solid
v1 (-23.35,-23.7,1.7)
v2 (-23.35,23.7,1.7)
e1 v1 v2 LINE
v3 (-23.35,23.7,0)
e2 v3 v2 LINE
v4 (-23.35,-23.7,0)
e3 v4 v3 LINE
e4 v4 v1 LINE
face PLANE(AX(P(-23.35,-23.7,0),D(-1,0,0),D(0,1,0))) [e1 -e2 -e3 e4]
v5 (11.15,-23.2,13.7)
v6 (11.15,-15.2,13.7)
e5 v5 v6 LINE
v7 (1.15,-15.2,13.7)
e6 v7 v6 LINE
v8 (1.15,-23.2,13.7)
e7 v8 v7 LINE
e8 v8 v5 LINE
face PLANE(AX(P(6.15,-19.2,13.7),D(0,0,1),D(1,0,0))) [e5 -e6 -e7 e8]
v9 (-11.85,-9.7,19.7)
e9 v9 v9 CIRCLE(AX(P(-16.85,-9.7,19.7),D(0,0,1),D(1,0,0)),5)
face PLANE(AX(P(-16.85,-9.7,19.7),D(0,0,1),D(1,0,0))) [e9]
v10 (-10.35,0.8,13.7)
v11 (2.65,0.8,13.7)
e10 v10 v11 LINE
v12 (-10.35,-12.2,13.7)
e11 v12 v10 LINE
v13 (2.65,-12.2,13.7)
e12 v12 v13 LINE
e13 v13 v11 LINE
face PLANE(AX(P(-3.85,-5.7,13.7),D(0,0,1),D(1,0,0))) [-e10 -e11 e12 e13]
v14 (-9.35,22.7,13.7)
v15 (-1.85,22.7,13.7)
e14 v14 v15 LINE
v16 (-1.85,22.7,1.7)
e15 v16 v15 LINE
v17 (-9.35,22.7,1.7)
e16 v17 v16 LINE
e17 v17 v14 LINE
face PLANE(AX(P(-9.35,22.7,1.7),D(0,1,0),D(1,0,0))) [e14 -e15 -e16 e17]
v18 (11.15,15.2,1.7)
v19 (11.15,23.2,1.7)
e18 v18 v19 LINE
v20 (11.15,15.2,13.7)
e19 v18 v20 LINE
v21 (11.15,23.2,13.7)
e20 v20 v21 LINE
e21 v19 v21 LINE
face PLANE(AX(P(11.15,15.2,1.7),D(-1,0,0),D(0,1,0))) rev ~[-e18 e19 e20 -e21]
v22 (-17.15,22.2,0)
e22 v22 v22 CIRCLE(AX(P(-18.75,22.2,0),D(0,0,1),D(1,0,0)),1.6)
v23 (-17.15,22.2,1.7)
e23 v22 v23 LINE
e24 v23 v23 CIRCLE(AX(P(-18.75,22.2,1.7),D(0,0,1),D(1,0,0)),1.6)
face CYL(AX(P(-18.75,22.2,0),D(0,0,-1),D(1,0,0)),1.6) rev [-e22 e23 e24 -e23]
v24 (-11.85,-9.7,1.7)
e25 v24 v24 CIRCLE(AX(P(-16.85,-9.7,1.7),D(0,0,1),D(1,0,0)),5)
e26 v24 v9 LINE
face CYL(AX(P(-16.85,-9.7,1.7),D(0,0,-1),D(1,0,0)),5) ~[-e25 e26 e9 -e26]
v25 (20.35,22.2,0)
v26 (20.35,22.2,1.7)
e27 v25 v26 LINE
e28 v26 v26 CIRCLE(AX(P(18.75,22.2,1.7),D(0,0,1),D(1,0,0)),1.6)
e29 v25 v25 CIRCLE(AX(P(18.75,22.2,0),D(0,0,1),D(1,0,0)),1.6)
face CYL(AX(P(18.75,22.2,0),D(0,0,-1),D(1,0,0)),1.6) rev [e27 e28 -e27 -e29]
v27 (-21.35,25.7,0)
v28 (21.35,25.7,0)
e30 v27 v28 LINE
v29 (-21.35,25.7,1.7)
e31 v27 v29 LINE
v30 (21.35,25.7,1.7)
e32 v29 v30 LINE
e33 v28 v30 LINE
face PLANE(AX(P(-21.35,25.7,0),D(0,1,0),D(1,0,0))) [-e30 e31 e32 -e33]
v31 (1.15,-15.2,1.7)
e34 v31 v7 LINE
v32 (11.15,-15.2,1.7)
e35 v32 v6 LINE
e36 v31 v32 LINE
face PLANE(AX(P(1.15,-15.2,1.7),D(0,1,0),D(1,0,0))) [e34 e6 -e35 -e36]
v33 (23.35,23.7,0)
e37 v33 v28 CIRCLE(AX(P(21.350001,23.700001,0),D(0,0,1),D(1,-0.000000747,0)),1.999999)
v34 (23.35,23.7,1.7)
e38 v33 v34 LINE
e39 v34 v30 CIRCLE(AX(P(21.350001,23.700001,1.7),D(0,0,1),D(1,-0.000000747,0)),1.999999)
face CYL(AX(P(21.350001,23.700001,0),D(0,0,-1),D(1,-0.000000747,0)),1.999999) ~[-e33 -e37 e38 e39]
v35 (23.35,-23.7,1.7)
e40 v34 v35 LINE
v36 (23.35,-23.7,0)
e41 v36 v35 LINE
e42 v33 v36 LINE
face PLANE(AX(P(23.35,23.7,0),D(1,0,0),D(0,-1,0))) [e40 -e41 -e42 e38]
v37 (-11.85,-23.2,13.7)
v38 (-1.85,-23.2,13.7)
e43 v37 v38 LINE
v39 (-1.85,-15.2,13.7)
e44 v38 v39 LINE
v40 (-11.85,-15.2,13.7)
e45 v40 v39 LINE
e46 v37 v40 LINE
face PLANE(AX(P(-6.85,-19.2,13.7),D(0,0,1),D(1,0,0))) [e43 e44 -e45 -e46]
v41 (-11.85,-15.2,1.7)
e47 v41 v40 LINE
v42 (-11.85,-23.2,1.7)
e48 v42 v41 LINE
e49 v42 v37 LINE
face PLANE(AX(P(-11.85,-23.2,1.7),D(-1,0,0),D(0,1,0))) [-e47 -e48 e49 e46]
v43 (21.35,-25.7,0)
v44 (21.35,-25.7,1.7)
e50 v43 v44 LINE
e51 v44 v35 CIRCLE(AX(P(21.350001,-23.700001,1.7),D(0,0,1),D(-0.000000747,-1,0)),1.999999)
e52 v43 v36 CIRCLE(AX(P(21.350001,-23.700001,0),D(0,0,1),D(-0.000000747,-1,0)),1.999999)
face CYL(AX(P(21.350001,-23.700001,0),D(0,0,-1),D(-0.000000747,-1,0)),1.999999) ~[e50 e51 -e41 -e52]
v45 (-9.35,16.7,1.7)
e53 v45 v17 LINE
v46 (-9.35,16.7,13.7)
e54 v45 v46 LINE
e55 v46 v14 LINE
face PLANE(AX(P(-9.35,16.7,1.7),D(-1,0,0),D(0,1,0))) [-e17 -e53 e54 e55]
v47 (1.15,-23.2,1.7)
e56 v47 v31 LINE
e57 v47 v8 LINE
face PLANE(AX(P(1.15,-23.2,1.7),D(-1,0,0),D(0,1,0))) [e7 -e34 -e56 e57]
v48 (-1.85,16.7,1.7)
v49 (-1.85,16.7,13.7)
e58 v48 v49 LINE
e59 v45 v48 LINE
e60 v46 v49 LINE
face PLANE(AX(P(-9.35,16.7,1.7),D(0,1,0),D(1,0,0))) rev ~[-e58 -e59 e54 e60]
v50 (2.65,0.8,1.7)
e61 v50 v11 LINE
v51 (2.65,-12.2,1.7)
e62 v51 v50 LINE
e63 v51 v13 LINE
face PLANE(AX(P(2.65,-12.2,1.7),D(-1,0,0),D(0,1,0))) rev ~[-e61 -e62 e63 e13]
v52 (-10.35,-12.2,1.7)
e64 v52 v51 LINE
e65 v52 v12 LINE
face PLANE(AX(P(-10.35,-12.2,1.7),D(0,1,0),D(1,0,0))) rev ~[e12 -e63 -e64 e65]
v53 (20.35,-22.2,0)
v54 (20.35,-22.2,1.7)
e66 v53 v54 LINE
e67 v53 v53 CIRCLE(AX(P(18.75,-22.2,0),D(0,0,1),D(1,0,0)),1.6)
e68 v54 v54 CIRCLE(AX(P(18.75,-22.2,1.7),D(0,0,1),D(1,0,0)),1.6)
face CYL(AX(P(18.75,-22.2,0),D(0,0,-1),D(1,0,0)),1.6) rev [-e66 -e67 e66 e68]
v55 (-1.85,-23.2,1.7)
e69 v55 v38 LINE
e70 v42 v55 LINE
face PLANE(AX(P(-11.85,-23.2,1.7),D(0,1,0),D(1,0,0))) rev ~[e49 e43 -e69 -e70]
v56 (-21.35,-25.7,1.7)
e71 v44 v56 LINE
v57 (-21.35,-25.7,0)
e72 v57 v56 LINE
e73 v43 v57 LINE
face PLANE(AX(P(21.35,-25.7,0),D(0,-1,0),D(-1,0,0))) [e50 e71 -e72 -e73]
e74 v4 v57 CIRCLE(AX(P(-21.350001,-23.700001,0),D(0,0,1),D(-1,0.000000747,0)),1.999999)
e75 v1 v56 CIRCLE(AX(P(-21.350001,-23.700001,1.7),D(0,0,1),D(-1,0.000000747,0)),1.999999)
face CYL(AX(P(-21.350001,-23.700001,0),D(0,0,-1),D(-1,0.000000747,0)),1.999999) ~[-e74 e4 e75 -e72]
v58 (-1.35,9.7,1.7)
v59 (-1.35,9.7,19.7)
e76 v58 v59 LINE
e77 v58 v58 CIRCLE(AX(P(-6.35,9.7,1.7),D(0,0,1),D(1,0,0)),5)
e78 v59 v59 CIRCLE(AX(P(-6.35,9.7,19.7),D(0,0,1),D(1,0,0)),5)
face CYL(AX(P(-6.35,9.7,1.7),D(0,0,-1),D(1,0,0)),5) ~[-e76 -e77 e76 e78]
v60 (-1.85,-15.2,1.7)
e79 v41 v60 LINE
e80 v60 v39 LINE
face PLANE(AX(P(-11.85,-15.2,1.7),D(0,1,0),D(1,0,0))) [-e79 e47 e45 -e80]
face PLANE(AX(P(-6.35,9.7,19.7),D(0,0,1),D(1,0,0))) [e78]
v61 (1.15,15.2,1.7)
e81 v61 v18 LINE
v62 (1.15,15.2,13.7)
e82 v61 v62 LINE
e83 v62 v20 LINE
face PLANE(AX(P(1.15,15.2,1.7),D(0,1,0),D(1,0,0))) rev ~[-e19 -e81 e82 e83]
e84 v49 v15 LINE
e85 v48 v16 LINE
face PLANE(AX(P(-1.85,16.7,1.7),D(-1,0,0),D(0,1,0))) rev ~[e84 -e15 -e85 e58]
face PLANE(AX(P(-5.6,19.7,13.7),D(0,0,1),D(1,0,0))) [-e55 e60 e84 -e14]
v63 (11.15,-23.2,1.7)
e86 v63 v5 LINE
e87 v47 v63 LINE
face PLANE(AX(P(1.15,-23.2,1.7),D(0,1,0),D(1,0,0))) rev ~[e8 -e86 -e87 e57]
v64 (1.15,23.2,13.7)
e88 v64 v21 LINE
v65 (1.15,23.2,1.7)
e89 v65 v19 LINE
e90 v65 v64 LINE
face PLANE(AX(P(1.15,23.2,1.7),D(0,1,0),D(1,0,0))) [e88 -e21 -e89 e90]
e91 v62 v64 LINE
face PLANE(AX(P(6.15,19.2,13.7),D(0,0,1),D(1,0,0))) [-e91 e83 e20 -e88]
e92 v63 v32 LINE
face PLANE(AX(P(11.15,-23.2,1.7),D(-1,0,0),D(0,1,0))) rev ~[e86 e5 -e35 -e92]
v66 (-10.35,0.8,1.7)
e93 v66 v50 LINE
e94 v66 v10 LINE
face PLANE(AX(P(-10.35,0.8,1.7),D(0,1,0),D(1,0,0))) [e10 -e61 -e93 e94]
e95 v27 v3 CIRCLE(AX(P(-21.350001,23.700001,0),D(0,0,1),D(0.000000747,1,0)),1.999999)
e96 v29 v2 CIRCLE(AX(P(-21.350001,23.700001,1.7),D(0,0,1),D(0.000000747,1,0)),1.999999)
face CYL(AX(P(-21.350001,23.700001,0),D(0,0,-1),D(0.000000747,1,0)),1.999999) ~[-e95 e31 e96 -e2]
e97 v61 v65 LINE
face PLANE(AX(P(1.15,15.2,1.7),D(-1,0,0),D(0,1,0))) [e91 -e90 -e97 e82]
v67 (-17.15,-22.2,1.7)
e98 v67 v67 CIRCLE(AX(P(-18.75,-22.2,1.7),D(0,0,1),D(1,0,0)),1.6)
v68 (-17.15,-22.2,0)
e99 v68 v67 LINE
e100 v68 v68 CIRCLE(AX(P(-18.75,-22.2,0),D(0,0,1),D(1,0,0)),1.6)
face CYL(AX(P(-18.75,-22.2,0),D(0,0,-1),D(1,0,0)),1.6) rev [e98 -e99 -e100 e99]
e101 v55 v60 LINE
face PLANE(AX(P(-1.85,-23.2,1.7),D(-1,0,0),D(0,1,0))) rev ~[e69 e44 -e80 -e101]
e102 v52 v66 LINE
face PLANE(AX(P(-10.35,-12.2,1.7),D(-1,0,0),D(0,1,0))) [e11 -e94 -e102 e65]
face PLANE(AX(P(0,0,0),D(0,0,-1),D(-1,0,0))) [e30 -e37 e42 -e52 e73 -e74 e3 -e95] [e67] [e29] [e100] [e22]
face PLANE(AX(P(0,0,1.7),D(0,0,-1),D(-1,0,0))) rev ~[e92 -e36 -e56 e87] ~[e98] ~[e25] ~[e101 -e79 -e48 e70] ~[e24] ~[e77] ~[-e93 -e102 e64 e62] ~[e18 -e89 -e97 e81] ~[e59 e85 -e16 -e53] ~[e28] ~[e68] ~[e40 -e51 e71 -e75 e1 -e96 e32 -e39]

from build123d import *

# Parameters (mm, degrees)
SKETCH_R      = 1.6
PAD_DEPTH     = 1.7
SKETCH001_W   = 10
SKETCH001_H   = 8
SKETCH001_W_2 = 7.5
SKETCH001_H_2 = 6
SKETCH001_W_3 = 13
SKETCH001_H_3 = 13
PAD001_DEPTH  = 12
SKETCH002_R   = 5
PAD002_DEPTH  = 18


with BuildPart() as part:
    # Sketch → Pad (new body)
    with BuildSketch(Plane.XY):
        with BuildLine():
            Line((-21.35, 25.7), (21.35, 25.7))
            ThreePointArc((23.35, 23.7), (22.764214, 25.114214), (21.35, 25.7))
            Line((23.35, 23.7), (23.35, -23.7))
            ThreePointArc((21.35, -25.7), (22.764214, -25.114214), (23.35, -23.7))
            Line((21.35, -25.7), (-21.35, -25.7))
            ThreePointArc((-23.35, -23.7), (-22.764214, -25.114214), (-21.35, -25.7))
            Line((-23.35, -23.7), (-23.35, 23.7))
            ThreePointArc((-21.35, 25.7), (-22.764214, 25.114214), (-23.35, 23.7))
        make_face()
        with Locations((-18.75, -22.2)):
            Circle(SKETCH_R, mode=Mode.SUBTRACT)
        with Locations((18.75, -22.2)):
            Circle(SKETCH_R, mode=Mode.SUBTRACT)
        with Locations((18.75, 22.2)):
            Circle(SKETCH_R, mode=Mode.SUBTRACT)
        with Locations((-18.75, 22.2)):
            Circle(SKETCH_R, mode=Mode.SUBTRACT)
    extrude(amount=PAD_DEPTH)

    # Sketch001 (on Face14 of Pad) → Pad001 (join)
    with BuildSketch(Plane.XY.offset(1.7)):
        with Locations((-6.85, -19.2)):
            Rectangle(SKETCH001_W, SKETCH001_H)
        with Locations((6.15, -19.2)):
            Rectangle(SKETCH001_W, SKETCH001_H)
        with Locations((6.15, 19.2)):
            Rectangle(SKETCH001_W, SKETCH001_H)
        with Locations((-5.6, 19.7)):
            Rectangle(SKETCH001_W_2, SKETCH001_H_2)
        with Locations((-3.85, -5.7)):
            Rectangle(SKETCH001_W_3, SKETCH001_H_3)
    extrude(amount=PAD001_DEPTH)

    # Sketch002 (on Face5 of Pad001) → Pad002 (join)
    with BuildSketch(Plane.XY.offset(1.7)):
        with Locations((-16.85, -9.7)):
            Circle(SKETCH002_R)
        with Locations((-6.35, 9.7)):
            Circle(SKETCH002_R)
    extrude(amount=PAD002_DEPTH)


solid = part.part
